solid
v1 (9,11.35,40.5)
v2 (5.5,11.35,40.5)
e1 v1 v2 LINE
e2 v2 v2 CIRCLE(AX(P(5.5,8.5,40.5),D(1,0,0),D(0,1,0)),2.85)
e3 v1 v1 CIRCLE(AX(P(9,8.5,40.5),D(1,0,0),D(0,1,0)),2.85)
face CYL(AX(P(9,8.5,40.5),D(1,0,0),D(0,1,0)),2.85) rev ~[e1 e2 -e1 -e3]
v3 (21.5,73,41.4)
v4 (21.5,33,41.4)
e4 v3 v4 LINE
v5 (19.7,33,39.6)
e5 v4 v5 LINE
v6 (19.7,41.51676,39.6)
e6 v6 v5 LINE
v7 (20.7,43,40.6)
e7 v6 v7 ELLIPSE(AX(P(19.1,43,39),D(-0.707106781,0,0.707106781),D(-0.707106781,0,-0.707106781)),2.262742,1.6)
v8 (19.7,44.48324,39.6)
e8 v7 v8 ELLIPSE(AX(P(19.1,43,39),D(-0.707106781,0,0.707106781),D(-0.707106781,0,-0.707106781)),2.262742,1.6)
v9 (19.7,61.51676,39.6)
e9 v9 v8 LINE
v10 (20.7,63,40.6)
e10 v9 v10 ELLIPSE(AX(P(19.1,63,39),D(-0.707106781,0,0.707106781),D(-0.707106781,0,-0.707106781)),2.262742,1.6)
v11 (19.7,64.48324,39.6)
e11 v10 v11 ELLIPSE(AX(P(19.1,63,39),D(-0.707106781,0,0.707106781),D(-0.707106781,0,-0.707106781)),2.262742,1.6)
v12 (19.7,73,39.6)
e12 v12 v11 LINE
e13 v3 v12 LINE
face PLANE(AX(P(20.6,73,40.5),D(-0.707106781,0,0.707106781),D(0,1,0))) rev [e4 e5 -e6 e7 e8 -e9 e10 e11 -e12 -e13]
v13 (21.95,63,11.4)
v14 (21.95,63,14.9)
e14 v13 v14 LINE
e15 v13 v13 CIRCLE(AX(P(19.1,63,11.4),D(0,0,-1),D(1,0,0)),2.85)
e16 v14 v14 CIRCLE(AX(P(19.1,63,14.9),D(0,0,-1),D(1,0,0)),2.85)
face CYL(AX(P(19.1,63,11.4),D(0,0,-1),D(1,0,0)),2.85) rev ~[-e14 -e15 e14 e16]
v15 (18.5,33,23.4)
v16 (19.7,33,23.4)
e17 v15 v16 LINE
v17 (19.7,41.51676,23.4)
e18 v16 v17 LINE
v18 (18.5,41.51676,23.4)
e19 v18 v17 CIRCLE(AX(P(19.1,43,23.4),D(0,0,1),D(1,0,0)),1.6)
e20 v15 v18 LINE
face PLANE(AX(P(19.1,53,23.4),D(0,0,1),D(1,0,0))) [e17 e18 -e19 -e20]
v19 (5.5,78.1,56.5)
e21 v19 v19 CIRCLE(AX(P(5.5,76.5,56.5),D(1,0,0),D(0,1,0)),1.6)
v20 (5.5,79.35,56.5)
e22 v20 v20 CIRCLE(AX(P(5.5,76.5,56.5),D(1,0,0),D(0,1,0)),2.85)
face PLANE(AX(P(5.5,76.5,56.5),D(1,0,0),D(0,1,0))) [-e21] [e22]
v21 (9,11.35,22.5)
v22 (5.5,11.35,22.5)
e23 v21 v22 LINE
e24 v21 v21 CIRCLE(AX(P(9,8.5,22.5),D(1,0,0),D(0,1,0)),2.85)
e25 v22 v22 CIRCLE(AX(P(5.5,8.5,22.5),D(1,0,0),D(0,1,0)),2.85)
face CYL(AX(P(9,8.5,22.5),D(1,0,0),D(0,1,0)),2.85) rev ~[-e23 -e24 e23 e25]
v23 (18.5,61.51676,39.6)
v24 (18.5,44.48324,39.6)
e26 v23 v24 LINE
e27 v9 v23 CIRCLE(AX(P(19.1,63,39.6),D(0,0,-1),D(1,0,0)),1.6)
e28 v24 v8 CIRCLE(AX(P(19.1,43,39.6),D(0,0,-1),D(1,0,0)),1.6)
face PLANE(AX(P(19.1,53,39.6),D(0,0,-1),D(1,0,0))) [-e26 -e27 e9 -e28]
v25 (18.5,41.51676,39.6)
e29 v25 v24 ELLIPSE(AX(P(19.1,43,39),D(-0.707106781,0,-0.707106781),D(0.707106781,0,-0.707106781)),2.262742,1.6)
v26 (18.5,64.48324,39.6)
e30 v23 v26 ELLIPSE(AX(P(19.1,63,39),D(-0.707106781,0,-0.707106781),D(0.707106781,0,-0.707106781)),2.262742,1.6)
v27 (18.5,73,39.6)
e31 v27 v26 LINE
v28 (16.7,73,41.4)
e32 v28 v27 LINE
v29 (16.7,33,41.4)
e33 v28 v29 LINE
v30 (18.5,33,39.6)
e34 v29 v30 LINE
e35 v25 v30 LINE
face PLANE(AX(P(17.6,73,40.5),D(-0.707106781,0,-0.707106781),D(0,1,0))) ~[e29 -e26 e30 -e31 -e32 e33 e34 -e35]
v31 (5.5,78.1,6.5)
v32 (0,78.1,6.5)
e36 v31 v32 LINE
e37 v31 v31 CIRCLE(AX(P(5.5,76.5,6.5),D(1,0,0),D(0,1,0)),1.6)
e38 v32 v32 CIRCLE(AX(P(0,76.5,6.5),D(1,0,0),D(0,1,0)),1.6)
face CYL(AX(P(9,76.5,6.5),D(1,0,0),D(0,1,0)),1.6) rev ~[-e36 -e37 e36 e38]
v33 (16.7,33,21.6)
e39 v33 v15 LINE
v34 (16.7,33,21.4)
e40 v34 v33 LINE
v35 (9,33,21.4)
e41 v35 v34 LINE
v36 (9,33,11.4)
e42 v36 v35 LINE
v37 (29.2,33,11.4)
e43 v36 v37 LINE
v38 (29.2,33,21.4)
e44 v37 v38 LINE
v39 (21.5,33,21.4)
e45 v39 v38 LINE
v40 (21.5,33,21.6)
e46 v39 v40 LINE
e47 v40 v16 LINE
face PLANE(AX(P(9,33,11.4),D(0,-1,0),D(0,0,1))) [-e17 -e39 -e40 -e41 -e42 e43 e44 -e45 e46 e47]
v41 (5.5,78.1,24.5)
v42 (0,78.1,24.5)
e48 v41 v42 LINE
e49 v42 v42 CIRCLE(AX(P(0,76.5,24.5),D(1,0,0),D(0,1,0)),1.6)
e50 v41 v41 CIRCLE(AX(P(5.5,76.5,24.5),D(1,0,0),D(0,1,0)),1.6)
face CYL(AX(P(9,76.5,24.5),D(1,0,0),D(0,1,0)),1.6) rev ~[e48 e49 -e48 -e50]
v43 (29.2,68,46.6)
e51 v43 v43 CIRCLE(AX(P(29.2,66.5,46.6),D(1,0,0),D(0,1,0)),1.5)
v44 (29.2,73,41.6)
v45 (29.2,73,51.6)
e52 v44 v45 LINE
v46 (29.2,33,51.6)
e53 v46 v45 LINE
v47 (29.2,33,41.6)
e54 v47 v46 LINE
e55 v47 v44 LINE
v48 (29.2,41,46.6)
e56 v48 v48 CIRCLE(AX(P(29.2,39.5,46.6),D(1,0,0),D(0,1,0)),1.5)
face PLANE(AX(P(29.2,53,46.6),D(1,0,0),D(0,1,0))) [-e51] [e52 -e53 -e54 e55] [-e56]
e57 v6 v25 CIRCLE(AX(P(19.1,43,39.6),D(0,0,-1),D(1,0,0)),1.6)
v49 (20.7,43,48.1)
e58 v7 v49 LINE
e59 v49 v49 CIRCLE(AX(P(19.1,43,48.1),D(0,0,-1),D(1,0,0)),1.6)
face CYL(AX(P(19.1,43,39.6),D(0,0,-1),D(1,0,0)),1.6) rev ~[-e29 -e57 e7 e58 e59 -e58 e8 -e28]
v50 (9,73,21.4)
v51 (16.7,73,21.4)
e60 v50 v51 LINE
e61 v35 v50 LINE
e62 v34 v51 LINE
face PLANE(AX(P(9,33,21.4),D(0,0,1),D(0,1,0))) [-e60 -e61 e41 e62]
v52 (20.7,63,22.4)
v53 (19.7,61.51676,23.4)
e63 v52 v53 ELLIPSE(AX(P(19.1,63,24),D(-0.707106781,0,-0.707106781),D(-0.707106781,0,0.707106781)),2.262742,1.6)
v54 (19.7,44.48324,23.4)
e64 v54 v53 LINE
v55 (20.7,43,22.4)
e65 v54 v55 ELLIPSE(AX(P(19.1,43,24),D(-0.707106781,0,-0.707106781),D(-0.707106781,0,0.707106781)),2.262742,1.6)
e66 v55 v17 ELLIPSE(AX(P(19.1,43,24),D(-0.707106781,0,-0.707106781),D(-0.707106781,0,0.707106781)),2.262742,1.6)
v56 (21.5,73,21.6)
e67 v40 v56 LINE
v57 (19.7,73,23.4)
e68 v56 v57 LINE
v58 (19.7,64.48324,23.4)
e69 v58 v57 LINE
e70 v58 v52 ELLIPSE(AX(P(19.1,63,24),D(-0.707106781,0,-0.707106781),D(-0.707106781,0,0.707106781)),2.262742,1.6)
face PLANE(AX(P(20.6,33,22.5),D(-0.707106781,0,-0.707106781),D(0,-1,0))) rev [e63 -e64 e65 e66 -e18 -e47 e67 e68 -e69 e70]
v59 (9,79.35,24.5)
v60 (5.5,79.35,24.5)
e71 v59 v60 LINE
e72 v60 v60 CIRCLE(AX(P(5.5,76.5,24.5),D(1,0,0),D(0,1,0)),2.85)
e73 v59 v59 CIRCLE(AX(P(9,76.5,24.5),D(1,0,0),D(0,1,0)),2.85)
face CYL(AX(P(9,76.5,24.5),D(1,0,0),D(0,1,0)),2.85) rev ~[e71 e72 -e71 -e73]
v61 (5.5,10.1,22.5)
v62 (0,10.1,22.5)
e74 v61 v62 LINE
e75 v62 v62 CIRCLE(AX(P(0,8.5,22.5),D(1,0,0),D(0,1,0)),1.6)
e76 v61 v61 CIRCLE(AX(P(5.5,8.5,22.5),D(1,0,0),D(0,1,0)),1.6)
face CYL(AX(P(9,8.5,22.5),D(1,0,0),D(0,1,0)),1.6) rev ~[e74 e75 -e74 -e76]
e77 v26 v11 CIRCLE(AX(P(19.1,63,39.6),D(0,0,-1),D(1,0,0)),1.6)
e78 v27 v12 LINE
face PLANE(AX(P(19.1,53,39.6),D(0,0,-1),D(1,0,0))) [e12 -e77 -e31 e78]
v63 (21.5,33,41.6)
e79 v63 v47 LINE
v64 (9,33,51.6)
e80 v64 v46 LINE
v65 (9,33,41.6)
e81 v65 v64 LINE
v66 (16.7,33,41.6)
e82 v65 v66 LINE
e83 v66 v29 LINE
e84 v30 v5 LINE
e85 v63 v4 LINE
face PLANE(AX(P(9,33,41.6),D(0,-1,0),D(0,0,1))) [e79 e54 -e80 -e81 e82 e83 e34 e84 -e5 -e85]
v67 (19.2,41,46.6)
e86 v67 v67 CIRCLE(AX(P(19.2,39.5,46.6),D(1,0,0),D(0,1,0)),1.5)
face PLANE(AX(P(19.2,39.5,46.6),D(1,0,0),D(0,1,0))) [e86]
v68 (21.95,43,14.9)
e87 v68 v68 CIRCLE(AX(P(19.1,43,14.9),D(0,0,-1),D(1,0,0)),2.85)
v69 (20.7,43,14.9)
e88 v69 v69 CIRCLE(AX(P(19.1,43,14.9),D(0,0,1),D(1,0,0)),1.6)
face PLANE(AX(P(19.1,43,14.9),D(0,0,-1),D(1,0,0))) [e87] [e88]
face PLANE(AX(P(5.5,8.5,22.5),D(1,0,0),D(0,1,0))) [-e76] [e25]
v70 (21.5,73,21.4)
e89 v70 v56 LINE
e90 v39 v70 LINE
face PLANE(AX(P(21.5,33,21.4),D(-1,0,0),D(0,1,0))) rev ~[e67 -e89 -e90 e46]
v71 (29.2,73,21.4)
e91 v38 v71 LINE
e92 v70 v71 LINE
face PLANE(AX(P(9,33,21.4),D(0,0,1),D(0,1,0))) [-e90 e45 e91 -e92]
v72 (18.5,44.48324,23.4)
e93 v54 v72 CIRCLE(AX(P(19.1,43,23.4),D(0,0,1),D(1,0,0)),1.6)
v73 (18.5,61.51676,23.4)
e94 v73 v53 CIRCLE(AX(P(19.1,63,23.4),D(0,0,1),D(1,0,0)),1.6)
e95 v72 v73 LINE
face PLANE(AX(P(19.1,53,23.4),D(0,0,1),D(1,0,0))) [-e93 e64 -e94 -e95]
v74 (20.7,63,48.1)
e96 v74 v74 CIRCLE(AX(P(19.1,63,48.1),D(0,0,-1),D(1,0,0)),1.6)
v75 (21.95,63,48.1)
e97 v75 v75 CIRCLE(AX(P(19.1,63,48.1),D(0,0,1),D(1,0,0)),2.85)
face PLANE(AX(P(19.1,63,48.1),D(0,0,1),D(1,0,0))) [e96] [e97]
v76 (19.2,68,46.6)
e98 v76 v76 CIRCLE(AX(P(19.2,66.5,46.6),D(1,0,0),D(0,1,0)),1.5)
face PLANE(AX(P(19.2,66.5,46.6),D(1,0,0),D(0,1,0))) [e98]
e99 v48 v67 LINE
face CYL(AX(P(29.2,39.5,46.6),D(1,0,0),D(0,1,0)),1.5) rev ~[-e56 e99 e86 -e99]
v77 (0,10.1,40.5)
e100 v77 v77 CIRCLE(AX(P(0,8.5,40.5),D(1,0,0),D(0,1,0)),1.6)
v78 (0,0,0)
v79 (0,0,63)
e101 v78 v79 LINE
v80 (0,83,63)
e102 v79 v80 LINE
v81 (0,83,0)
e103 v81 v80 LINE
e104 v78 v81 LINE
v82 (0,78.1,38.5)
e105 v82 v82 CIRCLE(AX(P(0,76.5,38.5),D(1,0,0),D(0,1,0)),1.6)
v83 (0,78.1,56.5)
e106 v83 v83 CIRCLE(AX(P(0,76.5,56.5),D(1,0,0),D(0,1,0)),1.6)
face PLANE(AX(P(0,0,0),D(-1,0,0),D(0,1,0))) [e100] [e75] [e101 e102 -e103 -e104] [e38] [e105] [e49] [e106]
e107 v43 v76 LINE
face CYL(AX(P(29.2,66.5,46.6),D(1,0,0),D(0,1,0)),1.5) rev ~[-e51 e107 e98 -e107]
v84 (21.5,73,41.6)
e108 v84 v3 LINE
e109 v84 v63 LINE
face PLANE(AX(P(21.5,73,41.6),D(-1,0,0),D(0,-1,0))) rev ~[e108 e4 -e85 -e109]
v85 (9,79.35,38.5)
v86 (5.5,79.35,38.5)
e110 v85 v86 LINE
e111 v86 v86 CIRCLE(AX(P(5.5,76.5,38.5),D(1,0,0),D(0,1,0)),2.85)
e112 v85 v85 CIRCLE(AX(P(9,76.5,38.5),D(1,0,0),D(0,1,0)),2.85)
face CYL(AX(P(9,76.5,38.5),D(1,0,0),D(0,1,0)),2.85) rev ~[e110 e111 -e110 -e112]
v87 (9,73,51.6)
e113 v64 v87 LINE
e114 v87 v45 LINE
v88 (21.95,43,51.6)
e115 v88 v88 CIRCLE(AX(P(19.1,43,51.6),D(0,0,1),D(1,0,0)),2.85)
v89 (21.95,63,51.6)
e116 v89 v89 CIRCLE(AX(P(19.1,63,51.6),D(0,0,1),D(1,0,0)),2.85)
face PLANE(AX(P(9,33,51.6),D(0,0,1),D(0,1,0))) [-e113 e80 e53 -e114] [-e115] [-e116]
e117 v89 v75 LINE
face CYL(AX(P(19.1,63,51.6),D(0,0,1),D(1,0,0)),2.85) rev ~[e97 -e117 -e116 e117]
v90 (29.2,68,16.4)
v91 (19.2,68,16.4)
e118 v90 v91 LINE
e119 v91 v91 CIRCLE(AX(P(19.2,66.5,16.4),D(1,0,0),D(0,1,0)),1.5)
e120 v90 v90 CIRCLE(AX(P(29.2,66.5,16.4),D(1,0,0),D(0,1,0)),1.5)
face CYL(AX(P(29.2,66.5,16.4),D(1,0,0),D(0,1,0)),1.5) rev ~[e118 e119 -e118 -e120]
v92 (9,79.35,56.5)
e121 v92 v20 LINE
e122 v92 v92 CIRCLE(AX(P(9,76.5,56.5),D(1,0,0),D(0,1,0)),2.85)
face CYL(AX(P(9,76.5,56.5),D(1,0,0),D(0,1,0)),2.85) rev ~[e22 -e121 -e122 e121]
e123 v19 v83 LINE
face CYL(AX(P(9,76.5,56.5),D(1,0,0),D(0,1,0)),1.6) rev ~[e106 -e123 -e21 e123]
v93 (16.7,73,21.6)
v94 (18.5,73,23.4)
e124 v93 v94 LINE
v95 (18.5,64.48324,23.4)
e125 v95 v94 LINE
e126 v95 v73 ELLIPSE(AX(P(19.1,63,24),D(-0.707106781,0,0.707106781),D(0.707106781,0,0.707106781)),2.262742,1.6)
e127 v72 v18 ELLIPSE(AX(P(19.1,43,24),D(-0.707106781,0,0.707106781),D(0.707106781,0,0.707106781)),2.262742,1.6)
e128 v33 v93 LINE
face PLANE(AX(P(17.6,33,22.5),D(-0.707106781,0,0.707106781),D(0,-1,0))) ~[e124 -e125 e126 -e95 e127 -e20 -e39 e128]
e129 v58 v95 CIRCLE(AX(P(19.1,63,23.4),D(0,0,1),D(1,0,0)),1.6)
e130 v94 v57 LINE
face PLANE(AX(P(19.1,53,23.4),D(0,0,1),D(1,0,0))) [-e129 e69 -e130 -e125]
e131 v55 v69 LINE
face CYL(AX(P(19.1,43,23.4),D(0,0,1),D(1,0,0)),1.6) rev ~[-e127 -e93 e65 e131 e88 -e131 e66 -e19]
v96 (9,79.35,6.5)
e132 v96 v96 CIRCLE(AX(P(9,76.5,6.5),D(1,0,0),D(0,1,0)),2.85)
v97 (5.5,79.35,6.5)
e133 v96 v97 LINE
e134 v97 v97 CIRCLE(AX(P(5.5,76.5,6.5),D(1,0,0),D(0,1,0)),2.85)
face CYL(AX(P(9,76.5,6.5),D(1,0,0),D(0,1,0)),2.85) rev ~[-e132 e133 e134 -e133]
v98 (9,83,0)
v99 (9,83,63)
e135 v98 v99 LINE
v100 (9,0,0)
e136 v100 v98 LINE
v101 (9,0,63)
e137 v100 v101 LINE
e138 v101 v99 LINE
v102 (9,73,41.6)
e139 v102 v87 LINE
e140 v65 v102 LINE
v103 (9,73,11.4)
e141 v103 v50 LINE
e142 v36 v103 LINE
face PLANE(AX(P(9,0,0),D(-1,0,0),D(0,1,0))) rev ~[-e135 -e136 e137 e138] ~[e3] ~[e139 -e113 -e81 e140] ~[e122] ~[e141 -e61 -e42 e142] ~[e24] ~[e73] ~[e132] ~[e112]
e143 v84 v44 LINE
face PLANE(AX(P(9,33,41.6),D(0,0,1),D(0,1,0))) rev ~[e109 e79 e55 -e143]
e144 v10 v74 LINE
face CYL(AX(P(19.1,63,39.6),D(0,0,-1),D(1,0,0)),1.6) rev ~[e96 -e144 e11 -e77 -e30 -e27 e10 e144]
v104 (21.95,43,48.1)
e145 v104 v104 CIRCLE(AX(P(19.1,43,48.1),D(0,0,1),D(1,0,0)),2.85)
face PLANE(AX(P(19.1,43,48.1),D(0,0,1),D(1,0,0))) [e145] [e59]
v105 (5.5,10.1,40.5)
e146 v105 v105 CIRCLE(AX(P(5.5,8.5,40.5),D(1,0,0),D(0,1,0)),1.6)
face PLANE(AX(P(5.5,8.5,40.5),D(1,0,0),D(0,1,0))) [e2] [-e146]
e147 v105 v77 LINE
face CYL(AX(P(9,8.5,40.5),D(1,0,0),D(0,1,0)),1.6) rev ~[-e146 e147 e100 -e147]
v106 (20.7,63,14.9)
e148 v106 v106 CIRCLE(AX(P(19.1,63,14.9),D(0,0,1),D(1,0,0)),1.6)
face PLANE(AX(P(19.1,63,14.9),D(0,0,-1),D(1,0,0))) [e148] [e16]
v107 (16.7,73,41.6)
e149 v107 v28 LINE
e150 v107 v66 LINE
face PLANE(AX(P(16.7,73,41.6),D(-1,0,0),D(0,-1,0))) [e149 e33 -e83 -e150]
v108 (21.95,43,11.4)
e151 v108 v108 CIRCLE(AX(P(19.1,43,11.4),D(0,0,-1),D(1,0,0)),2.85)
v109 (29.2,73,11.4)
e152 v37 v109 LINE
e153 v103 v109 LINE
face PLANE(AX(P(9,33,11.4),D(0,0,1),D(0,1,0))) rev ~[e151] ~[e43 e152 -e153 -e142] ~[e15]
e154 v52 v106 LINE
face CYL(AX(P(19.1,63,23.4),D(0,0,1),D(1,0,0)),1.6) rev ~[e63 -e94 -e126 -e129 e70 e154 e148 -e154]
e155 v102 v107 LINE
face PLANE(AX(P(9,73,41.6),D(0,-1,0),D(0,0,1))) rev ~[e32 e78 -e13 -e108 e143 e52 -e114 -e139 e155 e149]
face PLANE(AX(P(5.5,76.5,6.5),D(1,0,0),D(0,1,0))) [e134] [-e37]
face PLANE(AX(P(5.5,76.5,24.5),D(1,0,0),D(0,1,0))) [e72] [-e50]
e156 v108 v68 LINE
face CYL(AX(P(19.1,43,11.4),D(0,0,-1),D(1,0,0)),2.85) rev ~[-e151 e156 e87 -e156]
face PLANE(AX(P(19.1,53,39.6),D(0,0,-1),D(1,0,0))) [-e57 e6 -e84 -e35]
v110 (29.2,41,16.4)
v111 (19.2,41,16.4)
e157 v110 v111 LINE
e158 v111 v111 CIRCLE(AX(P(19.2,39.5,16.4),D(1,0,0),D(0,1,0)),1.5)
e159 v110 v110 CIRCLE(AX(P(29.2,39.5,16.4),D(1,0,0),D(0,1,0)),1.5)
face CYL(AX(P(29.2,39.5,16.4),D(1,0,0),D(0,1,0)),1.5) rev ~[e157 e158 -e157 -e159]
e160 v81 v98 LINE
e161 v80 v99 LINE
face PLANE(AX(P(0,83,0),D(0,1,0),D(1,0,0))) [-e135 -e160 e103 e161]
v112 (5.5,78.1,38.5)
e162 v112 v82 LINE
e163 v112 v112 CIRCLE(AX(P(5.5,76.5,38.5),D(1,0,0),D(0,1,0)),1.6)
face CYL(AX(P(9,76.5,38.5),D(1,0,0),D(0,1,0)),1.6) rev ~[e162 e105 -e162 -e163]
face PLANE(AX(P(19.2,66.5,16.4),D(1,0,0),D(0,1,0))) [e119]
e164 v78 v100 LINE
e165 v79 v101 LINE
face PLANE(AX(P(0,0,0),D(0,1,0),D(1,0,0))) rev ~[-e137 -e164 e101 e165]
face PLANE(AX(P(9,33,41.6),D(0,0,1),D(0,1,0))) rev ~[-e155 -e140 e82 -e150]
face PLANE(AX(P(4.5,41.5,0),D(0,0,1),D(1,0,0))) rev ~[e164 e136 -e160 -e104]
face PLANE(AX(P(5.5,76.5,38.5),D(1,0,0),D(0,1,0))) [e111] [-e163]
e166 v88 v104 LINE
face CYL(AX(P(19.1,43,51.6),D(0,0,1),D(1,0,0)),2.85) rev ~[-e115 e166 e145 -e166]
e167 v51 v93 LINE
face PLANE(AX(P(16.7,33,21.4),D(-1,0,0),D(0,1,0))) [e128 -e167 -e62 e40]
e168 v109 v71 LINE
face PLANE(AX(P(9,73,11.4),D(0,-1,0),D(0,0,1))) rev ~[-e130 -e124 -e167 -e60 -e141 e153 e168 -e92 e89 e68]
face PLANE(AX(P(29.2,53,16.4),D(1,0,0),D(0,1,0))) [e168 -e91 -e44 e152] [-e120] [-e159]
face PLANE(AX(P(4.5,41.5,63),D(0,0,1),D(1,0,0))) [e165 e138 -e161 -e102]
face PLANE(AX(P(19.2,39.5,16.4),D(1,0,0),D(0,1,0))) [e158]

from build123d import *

# Parameters (mm, degrees)
F1_W      = 9
F1_H      = 83
F2_DEPTH  = 63
F3_R      = 2.85
F4_DEPTH  = 3.5
F5_R      = 1.6
F6_DEPTH  = 25
F7_W      = 40
F7_H      = 10
F8_DEPTH  = 20.2
F9_W      = 4.8
F9_H      = 40
F10_DEPTH = 2
F11_SIZE  = 1.8
F12_R     = 1.6
F13_DEPTH = 25
F14_W     = 4.8
F14_H     = 40
F15_DEPTH = 2
F16_SIZE  = 1.8
F17_R     = 1.6
F18_DEPTH = 25
F19_R     = 2.85
F20_DEPTH = 3.5
F21_R     = 2.85
F22_DEPTH = 3.5
F23_R     = 1.5
F24_DEPTH = 10


with BuildPart() as f2:
    # F1 (on Top) → F2 (new body)
    with BuildSketch(Plane.XY):
        with Locations((4.5, 41.5)):
            Rectangle(F1_W, F1_H)
    extrude(amount=F2_DEPTH)

    # F3 (on face) → F4 (cut)
    with BuildSketch(Plane.YZ.offset(9)):
        with Locations((8.5, 40.5)):
            Circle(F3_R)
        with Locations((8.5, 22.5)):
            Circle(F3_R)
        with Locations((76.5, 56.5)):
            Circle(F3_R)
        with Locations((76.5, 38.5)):
            Circle(F3_R)
        with Locations((76.5, 24.5)):
            Circle(F3_R)
        with Locations((76.5, 6.5)):
            Circle(F3_R)
    extrude(amount=-F4_DEPTH, mode=Mode.SUBTRACT)

    # F5 (on face) → F6 (cut)
    with BuildSketch(Plane.YZ.offset(9)):
        with Locations((8.5, 40.5)):
            Circle(F5_R)
        with Locations((8.5, 22.5)):
            Circle(F5_R)
        with Locations((76.5, 24.5)):
            Circle(F5_R)
        with Locations((76.5, 38.5)):
            Circle(F5_R)
        with Locations((76.5, 56.5)):
            Circle(F5_R)
        with Locations((76.5, 6.5)):
            Circle(F5_R)
    extrude(amount=-F6_DEPTH, mode=Mode.SUBTRACT)

    # F7 (on face) → F8 (join)
    with BuildSketch(Plane.YZ.offset(9)):
        with Locations((53, 16.4)):
            Rectangle(F7_W, F7_H)
        with Locations((53, 46.6)):
            Rectangle(F7_W, F7_H)
    extrude(amount=F8_DEPTH)

    # F9 (on face) → F10 (join)
    with BuildSketch(Plane(origin=(0, 0, 41.6), x_dir=(1, 0, 0), z_dir=(0, 0, -1))):
        with Locations((19.1, -53)):
            Rectangle(F9_W, F9_H)
    extrude(amount=F10_DEPTH)

    # F11
    f11_edges = [f2.edges().sort_by_distance(p)[0] for p in [
        (21.5, 53, 39.6),
        (16.7, 53, 39.6),
    ]]
    chamfer(f11_edges, length=F11_SIZE)

    # F12 (on face) → F13 (cut)
    with BuildSketch(Plane(origin=(0, 0, 39.6), x_dir=(1, 0, 0), z_dir=(0, 0, -1))):
        with Locations((19.1, -43)):
            Circle(F12_R)
        with Locations((19.1, -63)):
            Circle(F12_R)
    extrude(amount=-F13_DEPTH, mode=Mode.SUBTRACT)

    # F14 (on face) → F15 (join)
    with BuildSketch(Plane.XY.offset(21.4)):
        with Locations((19.1, 53)):
            Rectangle(F14_W, F14_H)
    extrude(amount=F15_DEPTH)

    # F16
    f16_edges = [f2.edges().sort_by_distance(p)[0] for p in [
        (21.5, 53, 23.4),
        (16.7, 53, 23.4),
    ]]
    chamfer(f16_edges, length=F16_SIZE)

    # F17 (on face) → F18 (cut)
    with BuildSketch(Plane.XY.offset(23.4)):
        with Locations((19.1, 43)):
            Circle(F17_R)
        with Locations((19.1, 63)):
            Circle(F17_R)
    extrude(amount=-F18_DEPTH, mode=Mode.SUBTRACT)

    # F19 (on face) → F20 (cut)
    with BuildSketch(Plane(origin=(0, 0, 11.4), x_dir=(1, 0, 0), z_dir=(0, 0, -1))):
        with Locations((19.1, -43)):
            Circle(F19_R)
        with Locations((19.1, -63)):
            Circle(F19_R)
    extrude(amount=-F20_DEPTH, mode=Mode.SUBTRACT)

    # F21 (on face) → F22 (cut)
    with BuildSketch(Plane.XY.offset(51.6)):
        with Locations((19.1, 63)):
            Circle(F21_R)
        with Locations((19.1, 43)):
            Circle(F21_R)
    extrude(amount=-F22_DEPTH, mode=Mode.SUBTRACT)

    # F23 (on face) → F24 (cut)
    with BuildSketch(Plane.YZ.offset(29.2)):
        with Locations((66.5, 16.4)):
            Circle(F23_R)
        with Locations((39.5, 16.4)):
            Circle(F23_R)
        with Locations((39.5, 46.6)):
            Circle(F23_R)
        with Locations((66.5, 46.6)):
            Circle(F23_R)
    extrude(amount=-F24_DEPTH, mode=Mode.SUBTRACT)


solid = f2.part
